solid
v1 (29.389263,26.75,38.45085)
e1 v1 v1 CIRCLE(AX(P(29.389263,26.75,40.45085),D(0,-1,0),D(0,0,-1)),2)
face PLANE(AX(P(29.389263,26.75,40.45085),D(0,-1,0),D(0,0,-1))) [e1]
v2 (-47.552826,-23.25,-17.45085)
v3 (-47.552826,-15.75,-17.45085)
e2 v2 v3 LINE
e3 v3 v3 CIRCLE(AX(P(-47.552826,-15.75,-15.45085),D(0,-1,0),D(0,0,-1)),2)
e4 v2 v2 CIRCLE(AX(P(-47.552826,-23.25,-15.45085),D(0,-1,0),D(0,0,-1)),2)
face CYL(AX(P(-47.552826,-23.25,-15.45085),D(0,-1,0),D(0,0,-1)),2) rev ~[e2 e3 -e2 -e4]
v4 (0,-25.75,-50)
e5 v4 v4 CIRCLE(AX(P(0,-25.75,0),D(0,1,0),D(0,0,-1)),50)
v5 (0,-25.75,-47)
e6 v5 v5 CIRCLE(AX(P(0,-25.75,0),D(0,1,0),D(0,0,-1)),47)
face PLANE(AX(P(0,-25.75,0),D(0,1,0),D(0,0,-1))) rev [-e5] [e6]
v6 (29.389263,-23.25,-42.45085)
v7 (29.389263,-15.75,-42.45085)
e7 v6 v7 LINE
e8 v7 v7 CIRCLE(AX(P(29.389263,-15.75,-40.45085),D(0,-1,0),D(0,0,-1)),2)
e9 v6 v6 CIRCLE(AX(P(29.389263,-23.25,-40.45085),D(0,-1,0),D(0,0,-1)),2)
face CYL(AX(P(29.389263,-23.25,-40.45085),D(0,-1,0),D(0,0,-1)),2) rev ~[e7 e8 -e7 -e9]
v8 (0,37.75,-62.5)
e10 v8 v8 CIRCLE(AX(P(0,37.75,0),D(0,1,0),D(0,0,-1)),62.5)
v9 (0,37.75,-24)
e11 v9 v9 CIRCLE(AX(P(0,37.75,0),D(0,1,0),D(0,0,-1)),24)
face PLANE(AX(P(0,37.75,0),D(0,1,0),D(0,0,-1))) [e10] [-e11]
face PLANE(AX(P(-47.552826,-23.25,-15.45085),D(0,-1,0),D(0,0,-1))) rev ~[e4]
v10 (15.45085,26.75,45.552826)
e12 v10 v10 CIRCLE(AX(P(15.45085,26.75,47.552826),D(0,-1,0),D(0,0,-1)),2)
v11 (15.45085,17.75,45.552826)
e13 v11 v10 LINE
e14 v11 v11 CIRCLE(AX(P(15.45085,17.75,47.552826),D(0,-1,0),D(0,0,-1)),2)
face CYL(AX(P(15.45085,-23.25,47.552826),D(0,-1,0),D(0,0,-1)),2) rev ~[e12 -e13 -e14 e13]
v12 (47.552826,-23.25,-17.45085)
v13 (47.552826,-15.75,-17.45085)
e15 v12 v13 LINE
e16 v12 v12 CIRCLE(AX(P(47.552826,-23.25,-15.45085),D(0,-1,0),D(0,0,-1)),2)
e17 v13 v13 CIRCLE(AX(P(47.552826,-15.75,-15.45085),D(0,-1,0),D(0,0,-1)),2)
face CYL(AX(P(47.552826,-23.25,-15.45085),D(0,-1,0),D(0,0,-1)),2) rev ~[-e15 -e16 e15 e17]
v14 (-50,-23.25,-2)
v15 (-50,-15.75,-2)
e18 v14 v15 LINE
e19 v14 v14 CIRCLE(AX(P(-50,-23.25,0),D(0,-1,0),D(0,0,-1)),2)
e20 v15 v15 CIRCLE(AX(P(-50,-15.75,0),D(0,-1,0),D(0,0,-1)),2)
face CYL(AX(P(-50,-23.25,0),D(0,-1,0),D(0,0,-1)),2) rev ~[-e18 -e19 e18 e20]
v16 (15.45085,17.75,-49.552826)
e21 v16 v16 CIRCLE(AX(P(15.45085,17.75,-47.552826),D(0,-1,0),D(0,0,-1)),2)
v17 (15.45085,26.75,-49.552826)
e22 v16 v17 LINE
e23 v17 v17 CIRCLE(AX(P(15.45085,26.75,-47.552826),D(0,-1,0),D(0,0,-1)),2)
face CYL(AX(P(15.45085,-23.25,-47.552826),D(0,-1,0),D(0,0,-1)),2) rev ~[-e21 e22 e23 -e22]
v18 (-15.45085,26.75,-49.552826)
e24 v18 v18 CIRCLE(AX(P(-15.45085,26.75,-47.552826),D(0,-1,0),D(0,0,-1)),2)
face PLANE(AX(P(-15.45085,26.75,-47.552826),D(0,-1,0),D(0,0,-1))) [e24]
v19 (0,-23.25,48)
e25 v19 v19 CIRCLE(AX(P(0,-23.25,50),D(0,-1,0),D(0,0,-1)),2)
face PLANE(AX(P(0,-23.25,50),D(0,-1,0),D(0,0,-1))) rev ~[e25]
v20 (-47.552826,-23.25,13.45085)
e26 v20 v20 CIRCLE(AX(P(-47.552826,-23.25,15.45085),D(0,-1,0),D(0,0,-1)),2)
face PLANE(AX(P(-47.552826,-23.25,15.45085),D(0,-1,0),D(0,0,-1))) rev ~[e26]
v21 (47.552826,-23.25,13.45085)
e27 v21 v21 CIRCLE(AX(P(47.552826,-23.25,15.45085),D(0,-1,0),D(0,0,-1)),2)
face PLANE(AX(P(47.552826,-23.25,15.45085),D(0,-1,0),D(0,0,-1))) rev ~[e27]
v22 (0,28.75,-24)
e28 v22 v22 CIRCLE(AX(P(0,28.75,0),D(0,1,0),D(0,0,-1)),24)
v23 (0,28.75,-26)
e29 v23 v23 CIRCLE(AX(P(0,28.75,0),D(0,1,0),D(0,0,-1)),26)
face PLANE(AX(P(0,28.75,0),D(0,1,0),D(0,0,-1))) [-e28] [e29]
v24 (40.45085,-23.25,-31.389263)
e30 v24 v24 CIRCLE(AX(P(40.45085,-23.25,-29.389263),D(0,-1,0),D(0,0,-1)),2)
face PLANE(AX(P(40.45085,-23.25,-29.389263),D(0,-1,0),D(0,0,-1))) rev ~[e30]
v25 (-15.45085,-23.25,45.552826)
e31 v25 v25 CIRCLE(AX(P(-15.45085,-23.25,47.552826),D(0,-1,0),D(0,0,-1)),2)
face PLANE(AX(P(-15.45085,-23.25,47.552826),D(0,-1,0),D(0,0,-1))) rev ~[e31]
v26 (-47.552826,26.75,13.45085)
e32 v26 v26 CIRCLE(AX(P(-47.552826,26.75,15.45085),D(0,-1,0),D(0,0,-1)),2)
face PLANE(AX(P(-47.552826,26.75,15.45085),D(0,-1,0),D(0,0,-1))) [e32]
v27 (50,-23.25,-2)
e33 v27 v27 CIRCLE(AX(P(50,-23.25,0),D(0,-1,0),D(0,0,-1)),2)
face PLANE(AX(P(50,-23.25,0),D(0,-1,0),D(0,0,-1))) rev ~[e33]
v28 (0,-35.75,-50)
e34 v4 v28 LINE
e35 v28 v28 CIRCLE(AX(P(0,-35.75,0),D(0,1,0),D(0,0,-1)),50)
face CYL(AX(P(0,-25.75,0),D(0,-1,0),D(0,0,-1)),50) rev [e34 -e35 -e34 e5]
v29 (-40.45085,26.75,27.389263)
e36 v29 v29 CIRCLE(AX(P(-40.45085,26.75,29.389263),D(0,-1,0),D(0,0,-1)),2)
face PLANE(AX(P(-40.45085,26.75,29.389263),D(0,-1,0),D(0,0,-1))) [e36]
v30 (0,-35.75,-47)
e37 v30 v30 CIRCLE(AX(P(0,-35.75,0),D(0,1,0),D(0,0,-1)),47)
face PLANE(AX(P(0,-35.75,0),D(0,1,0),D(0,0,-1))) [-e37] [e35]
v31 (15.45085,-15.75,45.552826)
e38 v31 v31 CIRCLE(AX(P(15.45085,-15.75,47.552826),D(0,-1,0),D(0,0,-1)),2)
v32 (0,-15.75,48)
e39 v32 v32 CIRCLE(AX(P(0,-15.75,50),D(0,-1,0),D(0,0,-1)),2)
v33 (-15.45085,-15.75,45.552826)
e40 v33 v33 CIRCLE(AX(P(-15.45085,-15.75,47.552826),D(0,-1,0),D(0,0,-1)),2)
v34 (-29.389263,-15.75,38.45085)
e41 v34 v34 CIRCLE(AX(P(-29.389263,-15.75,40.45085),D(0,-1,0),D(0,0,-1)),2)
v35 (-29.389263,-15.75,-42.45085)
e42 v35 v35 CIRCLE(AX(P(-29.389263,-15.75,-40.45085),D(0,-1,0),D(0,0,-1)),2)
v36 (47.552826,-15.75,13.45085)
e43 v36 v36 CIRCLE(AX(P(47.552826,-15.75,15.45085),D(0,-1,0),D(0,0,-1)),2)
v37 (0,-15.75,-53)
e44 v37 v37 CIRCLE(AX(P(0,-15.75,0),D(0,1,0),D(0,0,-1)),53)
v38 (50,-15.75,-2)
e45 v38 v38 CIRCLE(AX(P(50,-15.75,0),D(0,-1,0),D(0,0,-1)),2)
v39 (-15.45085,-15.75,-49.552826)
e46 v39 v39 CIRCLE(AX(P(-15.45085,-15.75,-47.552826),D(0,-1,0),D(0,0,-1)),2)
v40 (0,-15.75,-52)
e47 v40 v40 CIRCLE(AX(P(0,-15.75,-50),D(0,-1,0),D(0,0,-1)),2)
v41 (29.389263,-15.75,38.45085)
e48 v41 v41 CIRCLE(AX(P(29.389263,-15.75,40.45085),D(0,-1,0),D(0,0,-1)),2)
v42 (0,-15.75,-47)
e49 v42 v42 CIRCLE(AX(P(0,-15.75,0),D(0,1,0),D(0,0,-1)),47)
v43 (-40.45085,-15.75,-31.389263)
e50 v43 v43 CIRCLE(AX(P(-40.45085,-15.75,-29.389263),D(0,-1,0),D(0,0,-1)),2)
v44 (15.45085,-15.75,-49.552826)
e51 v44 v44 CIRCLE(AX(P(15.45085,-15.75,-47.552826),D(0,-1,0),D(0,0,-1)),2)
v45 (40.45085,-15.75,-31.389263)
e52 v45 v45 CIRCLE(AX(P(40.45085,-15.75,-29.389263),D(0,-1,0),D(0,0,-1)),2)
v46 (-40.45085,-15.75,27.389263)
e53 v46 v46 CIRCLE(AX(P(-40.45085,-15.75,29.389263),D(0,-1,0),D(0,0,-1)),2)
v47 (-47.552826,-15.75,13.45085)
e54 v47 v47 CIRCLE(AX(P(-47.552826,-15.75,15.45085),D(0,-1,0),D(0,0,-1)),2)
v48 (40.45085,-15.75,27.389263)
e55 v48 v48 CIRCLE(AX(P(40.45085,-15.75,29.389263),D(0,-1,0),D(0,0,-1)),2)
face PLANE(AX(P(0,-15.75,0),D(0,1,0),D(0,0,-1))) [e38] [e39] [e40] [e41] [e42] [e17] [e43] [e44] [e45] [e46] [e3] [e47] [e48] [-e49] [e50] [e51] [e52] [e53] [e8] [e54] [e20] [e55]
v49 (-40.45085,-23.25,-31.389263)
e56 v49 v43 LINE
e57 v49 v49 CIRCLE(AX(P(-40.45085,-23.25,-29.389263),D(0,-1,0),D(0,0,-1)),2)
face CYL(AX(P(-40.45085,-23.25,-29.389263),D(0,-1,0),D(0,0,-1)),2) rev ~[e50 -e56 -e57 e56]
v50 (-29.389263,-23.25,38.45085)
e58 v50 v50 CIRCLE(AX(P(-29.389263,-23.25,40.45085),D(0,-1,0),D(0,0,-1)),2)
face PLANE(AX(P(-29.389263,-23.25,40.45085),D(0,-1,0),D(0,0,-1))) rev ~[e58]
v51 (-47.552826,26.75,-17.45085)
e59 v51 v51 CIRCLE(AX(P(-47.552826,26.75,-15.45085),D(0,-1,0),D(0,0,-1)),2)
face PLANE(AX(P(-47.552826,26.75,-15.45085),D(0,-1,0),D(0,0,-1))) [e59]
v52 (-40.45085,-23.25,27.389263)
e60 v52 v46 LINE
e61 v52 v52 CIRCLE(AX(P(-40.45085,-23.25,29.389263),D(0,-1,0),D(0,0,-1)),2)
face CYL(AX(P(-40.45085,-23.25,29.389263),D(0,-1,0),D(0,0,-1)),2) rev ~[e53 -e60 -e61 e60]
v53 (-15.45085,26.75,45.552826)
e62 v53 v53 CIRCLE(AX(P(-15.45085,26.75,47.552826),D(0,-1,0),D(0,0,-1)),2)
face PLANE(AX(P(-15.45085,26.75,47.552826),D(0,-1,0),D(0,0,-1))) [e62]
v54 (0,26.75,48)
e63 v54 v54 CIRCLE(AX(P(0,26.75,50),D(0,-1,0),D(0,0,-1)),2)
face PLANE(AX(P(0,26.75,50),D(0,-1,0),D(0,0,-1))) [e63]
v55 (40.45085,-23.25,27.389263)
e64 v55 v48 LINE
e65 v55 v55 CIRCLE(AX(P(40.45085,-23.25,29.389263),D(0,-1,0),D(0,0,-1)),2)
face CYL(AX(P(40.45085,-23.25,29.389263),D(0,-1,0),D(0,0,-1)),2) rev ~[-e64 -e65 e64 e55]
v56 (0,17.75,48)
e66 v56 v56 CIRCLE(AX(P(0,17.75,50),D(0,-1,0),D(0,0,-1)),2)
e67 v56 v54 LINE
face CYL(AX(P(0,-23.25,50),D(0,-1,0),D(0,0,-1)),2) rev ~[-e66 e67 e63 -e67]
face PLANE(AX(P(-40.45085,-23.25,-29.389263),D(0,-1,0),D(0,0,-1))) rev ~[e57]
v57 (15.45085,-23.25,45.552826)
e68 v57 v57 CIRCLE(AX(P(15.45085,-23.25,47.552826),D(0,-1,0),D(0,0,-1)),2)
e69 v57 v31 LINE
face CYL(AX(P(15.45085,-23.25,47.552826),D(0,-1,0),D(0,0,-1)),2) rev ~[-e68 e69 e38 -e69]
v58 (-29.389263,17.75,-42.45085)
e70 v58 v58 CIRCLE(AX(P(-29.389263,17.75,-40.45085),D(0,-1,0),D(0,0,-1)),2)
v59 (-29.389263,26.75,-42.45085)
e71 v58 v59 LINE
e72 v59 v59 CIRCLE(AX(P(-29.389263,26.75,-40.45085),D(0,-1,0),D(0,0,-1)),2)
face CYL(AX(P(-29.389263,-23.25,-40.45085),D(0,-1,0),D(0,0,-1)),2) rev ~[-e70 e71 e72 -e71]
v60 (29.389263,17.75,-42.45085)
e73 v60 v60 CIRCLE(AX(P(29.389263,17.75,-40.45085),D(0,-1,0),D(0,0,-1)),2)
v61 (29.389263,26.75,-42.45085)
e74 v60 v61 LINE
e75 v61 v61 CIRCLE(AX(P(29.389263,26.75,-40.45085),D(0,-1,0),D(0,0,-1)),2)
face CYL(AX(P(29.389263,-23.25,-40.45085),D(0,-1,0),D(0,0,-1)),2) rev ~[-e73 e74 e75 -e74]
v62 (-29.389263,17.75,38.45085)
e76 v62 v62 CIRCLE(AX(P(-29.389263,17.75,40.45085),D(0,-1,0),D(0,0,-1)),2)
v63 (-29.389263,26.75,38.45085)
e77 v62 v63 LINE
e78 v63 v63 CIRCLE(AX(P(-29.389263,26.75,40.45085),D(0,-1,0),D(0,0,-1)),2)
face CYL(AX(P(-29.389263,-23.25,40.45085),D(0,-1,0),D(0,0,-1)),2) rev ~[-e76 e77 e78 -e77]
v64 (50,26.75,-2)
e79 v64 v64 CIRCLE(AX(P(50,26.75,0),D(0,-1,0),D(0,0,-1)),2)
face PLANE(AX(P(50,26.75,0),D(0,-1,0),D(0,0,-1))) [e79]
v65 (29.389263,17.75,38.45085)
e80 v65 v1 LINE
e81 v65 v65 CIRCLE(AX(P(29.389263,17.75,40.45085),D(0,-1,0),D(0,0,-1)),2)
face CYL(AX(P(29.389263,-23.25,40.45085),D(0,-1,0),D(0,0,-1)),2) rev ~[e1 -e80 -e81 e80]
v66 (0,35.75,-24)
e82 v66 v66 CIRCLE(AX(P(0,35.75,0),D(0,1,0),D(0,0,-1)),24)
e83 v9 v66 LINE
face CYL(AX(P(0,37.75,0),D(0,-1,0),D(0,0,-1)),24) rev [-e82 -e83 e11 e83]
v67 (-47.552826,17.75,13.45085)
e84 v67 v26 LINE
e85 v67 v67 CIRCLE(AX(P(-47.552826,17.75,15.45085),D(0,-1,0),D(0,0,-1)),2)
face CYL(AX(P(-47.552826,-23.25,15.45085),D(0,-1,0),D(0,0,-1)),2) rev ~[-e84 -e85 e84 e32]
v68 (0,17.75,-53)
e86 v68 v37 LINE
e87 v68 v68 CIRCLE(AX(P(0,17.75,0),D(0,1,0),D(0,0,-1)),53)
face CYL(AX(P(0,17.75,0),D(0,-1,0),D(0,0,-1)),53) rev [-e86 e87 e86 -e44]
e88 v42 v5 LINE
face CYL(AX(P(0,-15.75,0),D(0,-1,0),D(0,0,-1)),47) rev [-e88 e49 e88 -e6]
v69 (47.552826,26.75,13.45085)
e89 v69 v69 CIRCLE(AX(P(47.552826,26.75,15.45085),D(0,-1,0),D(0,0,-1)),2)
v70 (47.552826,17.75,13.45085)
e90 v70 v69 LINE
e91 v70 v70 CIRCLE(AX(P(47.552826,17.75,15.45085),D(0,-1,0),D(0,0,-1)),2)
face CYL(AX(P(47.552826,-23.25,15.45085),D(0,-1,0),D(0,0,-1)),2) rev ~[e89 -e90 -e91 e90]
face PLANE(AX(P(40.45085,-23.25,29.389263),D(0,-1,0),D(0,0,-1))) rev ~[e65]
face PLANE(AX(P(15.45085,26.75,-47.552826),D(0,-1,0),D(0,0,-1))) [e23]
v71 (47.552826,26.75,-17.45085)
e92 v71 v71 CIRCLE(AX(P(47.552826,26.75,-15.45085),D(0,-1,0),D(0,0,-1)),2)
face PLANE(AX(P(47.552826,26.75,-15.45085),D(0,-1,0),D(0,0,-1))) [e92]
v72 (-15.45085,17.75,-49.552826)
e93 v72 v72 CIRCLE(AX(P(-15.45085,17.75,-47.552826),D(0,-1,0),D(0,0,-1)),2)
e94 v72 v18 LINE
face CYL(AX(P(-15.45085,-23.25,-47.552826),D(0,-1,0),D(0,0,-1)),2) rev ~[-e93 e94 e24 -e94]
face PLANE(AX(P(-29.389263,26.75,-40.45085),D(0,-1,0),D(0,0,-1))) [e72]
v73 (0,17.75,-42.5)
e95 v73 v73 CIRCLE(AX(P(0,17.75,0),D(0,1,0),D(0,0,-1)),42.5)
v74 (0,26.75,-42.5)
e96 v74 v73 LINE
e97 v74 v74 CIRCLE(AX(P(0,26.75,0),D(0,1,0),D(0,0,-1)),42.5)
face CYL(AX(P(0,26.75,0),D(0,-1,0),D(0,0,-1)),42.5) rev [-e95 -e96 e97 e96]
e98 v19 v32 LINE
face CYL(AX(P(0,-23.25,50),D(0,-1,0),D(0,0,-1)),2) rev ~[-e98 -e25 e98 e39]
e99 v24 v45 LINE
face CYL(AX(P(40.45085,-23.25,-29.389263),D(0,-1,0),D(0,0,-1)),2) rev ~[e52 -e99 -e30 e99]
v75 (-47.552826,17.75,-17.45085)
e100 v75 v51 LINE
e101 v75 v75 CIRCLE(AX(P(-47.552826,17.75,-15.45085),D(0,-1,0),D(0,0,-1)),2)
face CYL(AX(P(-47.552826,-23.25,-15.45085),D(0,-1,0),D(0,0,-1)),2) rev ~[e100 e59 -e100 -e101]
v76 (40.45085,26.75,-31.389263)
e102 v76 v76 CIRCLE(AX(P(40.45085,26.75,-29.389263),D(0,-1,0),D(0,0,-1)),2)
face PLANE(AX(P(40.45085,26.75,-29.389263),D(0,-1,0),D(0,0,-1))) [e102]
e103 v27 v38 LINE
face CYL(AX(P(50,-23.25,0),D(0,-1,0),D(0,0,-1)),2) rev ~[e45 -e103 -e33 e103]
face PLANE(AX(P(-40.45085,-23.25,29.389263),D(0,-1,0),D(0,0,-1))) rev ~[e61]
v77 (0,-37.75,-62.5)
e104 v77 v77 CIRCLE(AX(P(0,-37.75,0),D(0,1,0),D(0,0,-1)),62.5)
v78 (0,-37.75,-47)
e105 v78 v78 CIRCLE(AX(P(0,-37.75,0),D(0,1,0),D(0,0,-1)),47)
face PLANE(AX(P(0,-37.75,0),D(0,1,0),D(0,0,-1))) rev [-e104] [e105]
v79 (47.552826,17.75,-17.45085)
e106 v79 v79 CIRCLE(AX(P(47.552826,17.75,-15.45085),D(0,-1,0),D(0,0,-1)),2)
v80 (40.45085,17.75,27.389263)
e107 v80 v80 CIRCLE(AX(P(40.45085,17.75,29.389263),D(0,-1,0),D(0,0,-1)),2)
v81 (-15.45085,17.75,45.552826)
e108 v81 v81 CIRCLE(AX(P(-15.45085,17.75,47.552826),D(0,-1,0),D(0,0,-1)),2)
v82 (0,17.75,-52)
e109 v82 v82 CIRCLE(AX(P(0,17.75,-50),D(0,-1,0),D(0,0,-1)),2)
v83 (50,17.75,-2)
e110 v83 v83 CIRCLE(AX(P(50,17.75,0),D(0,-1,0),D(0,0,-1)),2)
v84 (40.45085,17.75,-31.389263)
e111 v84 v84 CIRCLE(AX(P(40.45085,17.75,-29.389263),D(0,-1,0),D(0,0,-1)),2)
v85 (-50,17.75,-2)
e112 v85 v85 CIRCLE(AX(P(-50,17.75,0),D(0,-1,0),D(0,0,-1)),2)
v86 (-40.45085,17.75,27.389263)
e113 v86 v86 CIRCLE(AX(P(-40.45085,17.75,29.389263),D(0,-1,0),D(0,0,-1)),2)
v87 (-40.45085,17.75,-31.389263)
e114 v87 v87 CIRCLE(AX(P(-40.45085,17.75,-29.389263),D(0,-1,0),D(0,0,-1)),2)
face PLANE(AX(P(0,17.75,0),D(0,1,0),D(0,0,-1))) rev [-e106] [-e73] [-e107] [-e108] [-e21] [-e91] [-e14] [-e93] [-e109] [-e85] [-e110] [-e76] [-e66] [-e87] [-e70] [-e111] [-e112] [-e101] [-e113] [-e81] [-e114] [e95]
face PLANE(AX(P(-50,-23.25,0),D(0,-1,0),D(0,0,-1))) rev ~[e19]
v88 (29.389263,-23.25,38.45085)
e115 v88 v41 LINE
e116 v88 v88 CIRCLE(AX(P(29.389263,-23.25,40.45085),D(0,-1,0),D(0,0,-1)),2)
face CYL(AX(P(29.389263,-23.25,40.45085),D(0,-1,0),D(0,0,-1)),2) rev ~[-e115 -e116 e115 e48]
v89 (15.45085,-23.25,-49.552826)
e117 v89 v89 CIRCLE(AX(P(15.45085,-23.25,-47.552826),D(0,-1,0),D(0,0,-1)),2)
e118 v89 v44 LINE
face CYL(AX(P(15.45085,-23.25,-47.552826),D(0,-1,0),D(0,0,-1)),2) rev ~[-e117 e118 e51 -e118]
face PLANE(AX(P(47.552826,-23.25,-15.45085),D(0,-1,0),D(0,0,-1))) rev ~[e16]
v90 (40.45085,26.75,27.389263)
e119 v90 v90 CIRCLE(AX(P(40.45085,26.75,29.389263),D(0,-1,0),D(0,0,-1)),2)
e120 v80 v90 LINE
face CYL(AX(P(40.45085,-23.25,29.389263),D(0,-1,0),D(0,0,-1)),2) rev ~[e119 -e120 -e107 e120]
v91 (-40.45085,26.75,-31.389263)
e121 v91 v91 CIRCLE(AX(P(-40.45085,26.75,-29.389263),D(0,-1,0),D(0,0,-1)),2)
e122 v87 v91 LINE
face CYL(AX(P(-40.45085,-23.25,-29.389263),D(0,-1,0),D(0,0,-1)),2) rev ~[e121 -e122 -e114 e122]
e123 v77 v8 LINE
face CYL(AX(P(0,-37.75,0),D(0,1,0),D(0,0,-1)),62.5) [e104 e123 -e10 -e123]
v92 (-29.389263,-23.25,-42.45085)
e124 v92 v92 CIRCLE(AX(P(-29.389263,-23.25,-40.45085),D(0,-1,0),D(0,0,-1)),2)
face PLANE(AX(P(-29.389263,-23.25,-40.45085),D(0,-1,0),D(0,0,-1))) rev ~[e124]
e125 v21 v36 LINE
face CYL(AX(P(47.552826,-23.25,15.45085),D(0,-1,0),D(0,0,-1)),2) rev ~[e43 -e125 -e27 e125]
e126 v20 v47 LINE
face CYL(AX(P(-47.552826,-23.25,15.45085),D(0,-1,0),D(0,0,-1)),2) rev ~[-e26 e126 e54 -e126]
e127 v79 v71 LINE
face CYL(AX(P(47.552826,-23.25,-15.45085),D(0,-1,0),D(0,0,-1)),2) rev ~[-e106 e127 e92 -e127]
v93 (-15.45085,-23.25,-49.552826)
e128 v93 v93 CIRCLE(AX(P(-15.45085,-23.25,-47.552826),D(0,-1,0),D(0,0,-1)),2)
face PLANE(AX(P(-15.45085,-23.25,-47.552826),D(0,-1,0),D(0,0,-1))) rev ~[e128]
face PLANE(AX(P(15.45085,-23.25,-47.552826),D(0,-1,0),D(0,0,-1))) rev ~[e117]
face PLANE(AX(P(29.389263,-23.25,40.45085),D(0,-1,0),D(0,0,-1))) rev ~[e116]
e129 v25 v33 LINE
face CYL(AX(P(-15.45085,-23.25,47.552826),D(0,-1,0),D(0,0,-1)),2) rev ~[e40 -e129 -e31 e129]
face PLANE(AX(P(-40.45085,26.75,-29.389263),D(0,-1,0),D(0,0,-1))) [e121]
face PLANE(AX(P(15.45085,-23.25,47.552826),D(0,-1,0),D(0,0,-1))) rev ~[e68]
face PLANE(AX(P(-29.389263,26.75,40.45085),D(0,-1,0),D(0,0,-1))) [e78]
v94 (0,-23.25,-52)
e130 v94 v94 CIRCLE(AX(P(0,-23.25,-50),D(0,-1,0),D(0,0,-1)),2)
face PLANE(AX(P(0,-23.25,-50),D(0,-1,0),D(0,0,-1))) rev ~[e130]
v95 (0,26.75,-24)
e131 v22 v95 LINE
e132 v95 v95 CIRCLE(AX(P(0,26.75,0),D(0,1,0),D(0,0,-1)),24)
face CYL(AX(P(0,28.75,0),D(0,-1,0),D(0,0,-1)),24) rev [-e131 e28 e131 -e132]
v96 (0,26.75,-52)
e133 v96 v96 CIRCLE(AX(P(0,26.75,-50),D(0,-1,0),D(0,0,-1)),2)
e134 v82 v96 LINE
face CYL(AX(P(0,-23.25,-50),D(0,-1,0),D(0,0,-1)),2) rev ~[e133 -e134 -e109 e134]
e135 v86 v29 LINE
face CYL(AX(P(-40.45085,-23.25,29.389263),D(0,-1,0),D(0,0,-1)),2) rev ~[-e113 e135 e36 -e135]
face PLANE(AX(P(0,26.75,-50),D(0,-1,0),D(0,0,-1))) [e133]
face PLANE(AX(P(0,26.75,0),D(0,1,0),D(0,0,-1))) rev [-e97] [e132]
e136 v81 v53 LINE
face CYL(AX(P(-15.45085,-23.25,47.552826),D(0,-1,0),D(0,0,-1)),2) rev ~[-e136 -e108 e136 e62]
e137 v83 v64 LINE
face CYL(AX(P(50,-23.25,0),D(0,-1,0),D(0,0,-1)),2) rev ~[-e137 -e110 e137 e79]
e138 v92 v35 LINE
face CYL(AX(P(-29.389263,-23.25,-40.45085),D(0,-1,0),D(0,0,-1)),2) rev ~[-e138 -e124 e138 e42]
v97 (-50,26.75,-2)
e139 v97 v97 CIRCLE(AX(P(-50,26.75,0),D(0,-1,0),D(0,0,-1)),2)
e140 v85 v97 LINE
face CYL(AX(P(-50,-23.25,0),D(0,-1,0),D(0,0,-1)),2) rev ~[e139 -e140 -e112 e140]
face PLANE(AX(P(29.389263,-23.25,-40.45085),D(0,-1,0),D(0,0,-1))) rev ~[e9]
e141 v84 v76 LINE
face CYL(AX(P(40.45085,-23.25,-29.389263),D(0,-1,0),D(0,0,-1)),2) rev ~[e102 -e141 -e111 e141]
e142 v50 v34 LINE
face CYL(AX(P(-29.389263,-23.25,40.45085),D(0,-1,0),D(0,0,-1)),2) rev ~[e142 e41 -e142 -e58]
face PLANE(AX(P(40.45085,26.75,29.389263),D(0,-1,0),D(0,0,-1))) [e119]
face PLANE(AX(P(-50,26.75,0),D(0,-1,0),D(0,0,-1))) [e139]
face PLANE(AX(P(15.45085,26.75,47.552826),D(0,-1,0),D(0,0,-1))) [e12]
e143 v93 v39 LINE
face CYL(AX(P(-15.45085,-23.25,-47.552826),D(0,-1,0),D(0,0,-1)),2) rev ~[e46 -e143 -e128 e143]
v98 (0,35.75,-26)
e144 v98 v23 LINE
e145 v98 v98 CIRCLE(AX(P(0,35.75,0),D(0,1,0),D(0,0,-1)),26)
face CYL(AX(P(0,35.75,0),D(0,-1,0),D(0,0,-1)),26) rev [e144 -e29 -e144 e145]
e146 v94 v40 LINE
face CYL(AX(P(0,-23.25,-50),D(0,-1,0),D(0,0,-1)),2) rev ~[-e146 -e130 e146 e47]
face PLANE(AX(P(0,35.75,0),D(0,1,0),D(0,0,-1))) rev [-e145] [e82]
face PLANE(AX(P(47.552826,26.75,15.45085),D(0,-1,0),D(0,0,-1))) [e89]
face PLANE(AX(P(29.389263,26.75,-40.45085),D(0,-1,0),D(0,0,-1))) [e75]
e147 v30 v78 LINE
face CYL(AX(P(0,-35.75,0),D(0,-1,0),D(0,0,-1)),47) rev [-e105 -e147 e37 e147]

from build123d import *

# Parameters (mm, degrees)
CUT_EXTRUDE5_START = -2.5
SKETCH3_R          = 2
CUT_EXTRUDE5_DEPTH = 50


with BuildPart() as part:
    # Sketch2 → Revolve1 (revolve)
    with BuildSketch(Plane(origin=(0, 0, 0), x_dir=(0, 0, -1), z_dir=(1, 0, 0))):
        Polygon((47, -37.75), (62.5, -37.75), (62.5, 37.75), (24, 37.75), (24, 35.75), (26, 35.75), (26, 28.75), (24, 28.75), (24, 26.75), (42.5, 26.75), (42.5, 17.75), (53, 17.75), (53, -15.75), (47, -15.75), (47, -25.75), (50, -25.75), (50, -35.75), (47, -35.75), align=None)
    revolve(axis=Axis((0, -15.437269333, 0), (0, 1, 0)))

    # Sketch3 → Cut-Extrude5 (cut)
    with BuildSketch(Plane.XZ.offset(25.75).offset(CUT_EXTRUDE5_START)):
        with Locations(Location((-47.552825815, 15.450849719, 0), (0, 0, 270))):
            Circle(SKETCH3_R)
        with Locations(Location((-40.450849719, 29.389262615, 0), (0, 0, 270))):
            Circle(SKETCH3_R)
        with Locations(Location((-29.389262615, 40.450849719, 0), (0, 0, 270))):
            Circle(SKETCH3_R)
        with Locations(Location((-15.450849719, 47.552825815, 0), (0, 0, 270))):
            Circle(SKETCH3_R)
        with Locations(Location((0, 50, 0), (0, 0, 270))):
            Circle(SKETCH3_R)
        with Locations(Location((15.450849719, 47.552825815, 0), (0, 0, 270))):
            Circle(SKETCH3_R)
        with Locations(Location((29.389262615, 40.450849719, 0), (0, 0, 270))):
            Circle(SKETCH3_R)
        with Locations(Location((40.450849719, 29.389262615, 0), (0, 0, 270))):
            Circle(SKETCH3_R)
        with Locations(Location((47.552825815, 15.450849719, 0), (0, 0, 270))):
            Circle(SKETCH3_R)
        with Locations(Location((50, 0, 0), (0, 0, 270))):
            Circle(SKETCH3_R)
        with Locations(Location((47.552825815, -15.450849719, 0), (0, 0, 270))):
            Circle(SKETCH3_R)
        with Locations(Location((40.450849719, -29.389262615, 0), (0, 0, 270))):
            Circle(SKETCH3_R)
        with Locations(Location((29.389262615, -40.450849719, 0), (0, 0, 270))):
            Circle(SKETCH3_R)
        with Locations(Location((15.450849719, -47.552825815, 0), (0, 0, 270))):
            Circle(SKETCH3_R)
        with Locations(Location((0, -50, 0), (0, 0, 270))):
            Circle(SKETCH3_R)
        with Locations(Location((-15.450849719, -47.552825815, 0), (0, 0, 270))):
            Circle(SKETCH3_R)
        with Locations(Location((-29.389262615, -40.450849719, 0), (0, 0, 270))):
            Circle(SKETCH3_R)
        with Locations(Location((-40.450849719, -29.389262615, 0), (0, 0, 270))):
            Circle(SKETCH3_R)
        with Locations(Location((-47.552825815, -15.450849719, 0), (0, 0, 270))):
            Circle(SKETCH3_R)
        with Locations(Location((-50, 0, 0), (0, 0, 270))):
            Circle(SKETCH3_R)
    extrude(amount=-CUT_EXTRUDE5_DEPTH, mode=Mode.SUBTRACT)


solid = part.part
